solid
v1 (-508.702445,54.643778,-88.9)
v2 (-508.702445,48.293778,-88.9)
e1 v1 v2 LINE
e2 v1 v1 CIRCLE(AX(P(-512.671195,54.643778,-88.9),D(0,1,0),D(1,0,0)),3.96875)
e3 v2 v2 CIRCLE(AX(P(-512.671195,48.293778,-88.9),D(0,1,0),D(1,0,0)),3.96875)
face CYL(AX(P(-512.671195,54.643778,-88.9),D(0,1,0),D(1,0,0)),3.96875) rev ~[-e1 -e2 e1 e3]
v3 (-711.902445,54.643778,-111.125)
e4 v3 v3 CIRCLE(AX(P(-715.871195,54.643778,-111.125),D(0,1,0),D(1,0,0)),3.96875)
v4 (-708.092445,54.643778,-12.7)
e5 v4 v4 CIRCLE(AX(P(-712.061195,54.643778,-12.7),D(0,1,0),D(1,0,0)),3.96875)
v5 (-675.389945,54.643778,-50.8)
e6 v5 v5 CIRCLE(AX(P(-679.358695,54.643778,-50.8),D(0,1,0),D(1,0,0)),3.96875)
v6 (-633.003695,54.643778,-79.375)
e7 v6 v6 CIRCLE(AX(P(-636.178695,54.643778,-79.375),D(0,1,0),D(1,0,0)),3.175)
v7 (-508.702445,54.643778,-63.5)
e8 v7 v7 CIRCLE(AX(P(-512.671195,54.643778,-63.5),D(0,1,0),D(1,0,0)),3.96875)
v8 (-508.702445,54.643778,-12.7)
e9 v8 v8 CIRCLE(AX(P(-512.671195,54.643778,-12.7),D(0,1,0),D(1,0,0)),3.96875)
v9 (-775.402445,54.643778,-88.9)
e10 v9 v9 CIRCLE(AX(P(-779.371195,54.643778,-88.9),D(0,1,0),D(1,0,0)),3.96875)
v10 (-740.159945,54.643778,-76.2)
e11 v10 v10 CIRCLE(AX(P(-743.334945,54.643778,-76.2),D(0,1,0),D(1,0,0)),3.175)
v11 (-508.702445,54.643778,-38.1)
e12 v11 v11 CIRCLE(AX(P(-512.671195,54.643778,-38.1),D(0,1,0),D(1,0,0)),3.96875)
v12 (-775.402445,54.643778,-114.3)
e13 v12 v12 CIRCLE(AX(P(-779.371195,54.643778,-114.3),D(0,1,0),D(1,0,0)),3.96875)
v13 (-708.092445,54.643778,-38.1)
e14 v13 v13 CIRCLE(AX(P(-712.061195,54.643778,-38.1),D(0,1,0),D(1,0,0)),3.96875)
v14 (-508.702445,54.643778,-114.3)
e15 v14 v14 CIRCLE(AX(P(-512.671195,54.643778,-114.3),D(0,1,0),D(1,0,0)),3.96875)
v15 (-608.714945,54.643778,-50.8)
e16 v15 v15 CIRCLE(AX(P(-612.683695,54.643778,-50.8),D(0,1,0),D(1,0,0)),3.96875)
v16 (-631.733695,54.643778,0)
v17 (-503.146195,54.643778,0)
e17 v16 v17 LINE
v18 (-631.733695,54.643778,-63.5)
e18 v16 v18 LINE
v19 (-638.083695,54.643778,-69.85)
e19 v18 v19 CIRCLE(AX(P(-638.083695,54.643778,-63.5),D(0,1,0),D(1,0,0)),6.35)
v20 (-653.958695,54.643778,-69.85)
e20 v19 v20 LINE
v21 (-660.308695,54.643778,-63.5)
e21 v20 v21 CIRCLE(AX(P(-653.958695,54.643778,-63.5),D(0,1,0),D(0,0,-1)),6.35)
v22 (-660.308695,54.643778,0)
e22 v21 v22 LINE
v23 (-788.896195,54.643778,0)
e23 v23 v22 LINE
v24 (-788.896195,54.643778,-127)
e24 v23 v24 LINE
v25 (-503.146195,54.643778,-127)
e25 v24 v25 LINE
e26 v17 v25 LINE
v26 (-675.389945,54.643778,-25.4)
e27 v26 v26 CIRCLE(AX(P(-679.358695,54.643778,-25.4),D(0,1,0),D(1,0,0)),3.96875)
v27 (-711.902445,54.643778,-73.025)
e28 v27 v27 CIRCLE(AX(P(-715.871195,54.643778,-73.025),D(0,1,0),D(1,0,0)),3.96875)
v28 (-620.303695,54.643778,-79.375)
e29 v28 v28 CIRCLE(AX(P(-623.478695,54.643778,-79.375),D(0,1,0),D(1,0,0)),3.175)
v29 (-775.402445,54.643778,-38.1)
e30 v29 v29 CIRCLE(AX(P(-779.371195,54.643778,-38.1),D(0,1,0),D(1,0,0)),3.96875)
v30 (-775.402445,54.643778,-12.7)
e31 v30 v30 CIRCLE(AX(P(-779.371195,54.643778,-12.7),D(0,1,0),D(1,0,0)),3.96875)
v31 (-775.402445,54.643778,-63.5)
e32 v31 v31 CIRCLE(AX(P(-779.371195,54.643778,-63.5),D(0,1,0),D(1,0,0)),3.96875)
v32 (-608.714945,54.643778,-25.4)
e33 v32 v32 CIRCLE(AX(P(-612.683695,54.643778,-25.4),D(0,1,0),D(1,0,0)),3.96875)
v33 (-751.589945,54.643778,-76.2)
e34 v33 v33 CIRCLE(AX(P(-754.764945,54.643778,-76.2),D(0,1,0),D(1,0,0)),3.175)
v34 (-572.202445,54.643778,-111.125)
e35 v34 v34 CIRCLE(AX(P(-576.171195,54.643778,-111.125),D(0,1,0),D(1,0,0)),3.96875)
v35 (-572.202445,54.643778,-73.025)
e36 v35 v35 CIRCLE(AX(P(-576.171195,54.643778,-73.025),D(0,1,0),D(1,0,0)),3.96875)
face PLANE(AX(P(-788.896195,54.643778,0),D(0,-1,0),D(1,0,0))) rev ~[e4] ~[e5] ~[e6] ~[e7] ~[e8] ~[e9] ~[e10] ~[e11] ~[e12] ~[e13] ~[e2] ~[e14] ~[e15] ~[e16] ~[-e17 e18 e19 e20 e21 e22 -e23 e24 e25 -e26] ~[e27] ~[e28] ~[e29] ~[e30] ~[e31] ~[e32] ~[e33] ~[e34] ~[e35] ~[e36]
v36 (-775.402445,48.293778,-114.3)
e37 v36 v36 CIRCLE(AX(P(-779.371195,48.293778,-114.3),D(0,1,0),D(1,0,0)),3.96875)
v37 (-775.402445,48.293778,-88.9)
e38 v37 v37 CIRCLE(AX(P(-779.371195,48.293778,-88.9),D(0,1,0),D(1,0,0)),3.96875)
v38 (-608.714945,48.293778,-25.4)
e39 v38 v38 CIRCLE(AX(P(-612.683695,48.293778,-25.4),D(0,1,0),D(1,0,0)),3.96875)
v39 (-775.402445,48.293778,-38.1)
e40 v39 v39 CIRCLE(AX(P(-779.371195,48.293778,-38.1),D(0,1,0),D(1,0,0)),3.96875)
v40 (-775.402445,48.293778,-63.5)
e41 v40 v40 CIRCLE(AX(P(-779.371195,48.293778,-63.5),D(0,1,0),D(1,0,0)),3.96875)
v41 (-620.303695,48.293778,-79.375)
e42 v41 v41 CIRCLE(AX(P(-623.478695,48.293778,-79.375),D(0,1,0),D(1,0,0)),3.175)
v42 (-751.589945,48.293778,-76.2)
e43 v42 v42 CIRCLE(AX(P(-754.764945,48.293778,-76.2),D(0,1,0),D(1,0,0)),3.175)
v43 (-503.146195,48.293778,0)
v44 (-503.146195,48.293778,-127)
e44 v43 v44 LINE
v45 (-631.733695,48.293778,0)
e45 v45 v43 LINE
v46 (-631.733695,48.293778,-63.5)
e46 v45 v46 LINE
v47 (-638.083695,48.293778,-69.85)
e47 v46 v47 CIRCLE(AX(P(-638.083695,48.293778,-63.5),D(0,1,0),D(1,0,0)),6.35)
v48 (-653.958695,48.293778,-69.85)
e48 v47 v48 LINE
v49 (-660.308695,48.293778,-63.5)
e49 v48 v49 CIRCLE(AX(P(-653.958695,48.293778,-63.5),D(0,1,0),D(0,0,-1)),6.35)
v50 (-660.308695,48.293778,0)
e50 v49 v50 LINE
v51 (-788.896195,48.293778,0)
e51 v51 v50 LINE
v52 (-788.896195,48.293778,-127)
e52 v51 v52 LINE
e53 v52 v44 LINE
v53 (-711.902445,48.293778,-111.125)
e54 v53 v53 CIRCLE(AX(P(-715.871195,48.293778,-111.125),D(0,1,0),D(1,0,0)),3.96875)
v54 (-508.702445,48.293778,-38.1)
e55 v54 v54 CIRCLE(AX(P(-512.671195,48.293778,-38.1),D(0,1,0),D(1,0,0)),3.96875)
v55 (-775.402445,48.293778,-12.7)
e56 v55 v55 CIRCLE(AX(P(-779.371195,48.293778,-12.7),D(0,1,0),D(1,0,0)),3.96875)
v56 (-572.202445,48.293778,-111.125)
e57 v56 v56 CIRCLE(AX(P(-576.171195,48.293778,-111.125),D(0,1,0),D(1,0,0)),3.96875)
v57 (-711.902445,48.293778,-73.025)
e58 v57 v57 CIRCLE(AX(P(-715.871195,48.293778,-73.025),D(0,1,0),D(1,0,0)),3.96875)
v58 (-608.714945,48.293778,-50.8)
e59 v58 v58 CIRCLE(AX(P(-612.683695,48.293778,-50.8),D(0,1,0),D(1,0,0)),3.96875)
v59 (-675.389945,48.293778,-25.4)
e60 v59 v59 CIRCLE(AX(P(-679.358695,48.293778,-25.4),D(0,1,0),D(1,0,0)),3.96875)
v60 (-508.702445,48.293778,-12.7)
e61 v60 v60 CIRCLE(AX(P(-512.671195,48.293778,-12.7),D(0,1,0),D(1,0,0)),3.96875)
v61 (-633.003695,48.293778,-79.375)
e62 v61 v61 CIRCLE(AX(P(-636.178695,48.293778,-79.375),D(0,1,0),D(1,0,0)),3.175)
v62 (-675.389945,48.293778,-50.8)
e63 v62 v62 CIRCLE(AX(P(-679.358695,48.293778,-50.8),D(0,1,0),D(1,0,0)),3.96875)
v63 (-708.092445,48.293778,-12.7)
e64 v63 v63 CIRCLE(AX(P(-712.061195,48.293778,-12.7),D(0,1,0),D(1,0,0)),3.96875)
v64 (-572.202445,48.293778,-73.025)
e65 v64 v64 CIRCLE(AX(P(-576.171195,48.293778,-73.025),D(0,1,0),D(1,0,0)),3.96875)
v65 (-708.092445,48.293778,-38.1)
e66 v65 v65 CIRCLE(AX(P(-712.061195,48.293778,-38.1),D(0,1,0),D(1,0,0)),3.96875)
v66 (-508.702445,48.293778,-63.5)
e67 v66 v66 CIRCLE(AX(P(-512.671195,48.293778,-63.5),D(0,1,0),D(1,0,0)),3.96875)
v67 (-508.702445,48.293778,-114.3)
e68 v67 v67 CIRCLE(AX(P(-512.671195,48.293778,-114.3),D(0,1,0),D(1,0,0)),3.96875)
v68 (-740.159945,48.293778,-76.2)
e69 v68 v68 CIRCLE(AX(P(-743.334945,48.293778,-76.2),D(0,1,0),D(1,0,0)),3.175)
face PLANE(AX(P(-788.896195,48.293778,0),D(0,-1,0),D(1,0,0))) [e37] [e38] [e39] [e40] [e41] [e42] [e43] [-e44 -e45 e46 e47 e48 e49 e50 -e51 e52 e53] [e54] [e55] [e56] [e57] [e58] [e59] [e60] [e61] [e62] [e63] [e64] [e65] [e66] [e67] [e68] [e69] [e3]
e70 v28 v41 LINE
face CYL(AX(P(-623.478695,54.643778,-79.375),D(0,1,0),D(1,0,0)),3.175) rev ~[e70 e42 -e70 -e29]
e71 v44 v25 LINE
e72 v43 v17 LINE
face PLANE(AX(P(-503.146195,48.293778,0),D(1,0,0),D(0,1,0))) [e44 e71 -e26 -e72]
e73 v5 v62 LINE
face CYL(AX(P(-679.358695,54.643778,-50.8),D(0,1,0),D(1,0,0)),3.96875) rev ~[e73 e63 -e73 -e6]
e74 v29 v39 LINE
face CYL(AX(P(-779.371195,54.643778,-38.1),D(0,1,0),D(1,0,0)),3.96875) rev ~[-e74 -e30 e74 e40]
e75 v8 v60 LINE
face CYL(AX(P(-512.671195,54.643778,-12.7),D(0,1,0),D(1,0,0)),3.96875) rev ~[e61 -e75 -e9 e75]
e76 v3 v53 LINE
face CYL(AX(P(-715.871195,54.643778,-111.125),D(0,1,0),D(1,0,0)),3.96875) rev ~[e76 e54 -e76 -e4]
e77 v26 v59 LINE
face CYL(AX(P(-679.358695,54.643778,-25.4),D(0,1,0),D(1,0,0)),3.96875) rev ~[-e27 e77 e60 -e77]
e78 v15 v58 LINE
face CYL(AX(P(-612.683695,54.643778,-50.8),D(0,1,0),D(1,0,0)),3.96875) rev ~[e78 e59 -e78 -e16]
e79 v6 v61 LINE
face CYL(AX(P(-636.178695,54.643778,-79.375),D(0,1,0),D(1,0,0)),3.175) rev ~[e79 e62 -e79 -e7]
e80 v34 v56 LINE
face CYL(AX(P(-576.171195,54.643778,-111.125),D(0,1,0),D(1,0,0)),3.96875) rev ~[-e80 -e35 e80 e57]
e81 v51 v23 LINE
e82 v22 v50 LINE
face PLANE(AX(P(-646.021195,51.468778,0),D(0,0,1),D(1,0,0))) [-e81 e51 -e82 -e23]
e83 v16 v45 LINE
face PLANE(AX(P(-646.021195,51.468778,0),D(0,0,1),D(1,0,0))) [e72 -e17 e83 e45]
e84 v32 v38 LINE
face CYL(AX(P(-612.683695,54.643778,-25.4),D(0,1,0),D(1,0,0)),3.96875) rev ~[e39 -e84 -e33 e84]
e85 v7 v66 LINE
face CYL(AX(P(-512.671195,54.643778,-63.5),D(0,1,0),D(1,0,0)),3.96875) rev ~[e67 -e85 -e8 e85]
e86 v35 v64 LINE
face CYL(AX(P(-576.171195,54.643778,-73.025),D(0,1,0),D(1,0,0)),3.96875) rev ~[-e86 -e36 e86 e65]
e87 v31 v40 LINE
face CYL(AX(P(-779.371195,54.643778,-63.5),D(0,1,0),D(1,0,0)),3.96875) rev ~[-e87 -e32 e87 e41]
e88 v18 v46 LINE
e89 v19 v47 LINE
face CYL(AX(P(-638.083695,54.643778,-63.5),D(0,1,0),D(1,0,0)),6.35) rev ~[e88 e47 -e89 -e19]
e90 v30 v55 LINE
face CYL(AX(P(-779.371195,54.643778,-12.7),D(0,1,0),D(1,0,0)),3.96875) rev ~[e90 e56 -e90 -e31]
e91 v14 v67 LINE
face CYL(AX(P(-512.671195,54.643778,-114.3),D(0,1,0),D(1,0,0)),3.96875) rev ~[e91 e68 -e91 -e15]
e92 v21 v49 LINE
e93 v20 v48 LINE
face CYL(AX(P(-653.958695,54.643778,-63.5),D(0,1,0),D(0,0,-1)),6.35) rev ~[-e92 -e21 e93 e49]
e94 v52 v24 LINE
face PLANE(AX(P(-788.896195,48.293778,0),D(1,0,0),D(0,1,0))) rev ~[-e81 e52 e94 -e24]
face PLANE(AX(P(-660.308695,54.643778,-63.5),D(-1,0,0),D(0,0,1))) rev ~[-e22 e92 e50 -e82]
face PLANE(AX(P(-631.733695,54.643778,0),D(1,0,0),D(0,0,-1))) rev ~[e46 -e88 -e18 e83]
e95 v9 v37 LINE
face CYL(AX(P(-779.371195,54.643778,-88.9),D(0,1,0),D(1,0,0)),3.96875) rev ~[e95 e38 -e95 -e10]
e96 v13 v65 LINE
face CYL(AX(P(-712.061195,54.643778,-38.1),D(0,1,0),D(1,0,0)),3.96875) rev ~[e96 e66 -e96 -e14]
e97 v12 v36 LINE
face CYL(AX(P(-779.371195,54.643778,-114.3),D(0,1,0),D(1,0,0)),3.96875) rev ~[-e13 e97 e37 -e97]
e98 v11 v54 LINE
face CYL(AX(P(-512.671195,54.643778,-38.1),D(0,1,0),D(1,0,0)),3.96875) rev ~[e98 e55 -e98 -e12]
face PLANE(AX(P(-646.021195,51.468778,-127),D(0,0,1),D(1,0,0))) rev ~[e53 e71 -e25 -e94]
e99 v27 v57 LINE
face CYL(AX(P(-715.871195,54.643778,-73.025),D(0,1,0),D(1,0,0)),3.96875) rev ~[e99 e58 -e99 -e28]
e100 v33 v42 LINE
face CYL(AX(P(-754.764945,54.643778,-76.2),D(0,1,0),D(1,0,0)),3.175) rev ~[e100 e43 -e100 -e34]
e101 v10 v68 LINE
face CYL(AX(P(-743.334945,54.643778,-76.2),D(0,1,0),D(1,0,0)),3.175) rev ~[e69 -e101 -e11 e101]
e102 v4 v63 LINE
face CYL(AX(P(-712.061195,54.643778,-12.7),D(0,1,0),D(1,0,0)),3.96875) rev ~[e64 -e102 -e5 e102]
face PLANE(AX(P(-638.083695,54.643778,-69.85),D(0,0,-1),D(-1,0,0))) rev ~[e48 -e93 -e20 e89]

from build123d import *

# Parameters (mm, degrees)
SKETCH2_W            = 285.75
SKETCH2_H            = 6.35
STOCK_DEPTH          = 127
PEDAL_OPENINGS_DEPTH = 6.35
DRILLED_HOLES_REACH  = 8.35
SKETCH5_R            = 3.96875
SKETCH5_R_2          = 3.175


with BuildPart() as part:
    # Sketch2 → Stock (new body)
    with BuildSketch(Plane.XY):
        with Locations((-646.021194965, 51.468778461)):
            Rectangle(SKETCH2_W, SKETCH2_H)
    extrude(amount=-STOCK_DEPTH)

    # Sketch3 → Pedal Openings (cut)
    with BuildSketch(Plane(origin=(0, 54.643778461, 0), x_dir=(1, 0, 0), z_dir=(0, 1, 0))):
        with BuildLine():
            Line((-638.083694965, 69.85), (-653.958694965, 69.85))
            ThreePointArc((-653.958694965, 69.85), (-658.448823025, 67.990128061), (-660.308694965, 63.5))
            Line((-660.308694965, 63.5), (-660.308694965, 0))
            Line((-660.308694965, 0), (-631.733694965, 0))
            Line((-631.733694965, 0), (-631.733694965, 63.5))
            ThreePointArc((-631.733694965, 63.5), (-633.593566904, 67.990128061), (-638.083694965, 69.85))
        make_face()
    extrude(amount=-PEDAL_OPENINGS_DEPTH, mode=Mode.SUBTRACT)

    # Sketch5 → Drilled Holes (cut, up to next)
    with BuildSketch(Plane(origin=(0, 54.643778461, 0), x_dir=(1, 0, 0), z_dir=(0, 1, 0)), mode=Mode.PRIVATE) as drilled_holes_sk1:
        with Locations((-612.683694965, 25.4)):
            Circle(SKETCH5_R)
    drilled_holes_tool1 = extrude(drilled_holes_sk1.sketch, amount=-DRILLED_HOLES_REACH, mode=Mode.PRIVATE) & part.part
    add(drilled_holes_tool1.solids().sort_by_distance((-612.683695, 54.643778, -25.4))[0], mode=Mode.SUBTRACT)
    # Sketch5 → Drilled Holes (cut, up to next)
    with BuildSketch(Plane(origin=(0, 54.643778461, 0), x_dir=(1, 0, 0), z_dir=(0, 1, 0)), mode=Mode.PRIVATE) as drilled_holes_sk2:
        with Locations((-612.683694965, 50.8)):
            Circle(SKETCH5_R)
    drilled_holes_tool2 = extrude(drilled_holes_sk2.sketch, amount=-DRILLED_HOLES_REACH, mode=Mode.PRIVATE) & part.part
    add(drilled_holes_tool2.solids().sort_by_distance((-612.683695, 54.643778, -50.8))[0], mode=Mode.SUBTRACT)
    # Sketch5 → Drilled Holes (cut, up to next)
    with BuildSketch(Plane(origin=(0, 54.643778461, 0), x_dir=(1, 0, 0), z_dir=(0, 1, 0)), mode=Mode.PRIVATE) as drilled_holes_sk3:
        with Locations((-679.358694965, 50.8)):
            Circle(SKETCH5_R)
    drilled_holes_tool3 = extrude(drilled_holes_sk3.sketch, amount=-DRILLED_HOLES_REACH, mode=Mode.PRIVATE) & part.part
    add(drilled_holes_tool3.solids().sort_by_distance((-679.358695, 54.643778, -50.8))[0], mode=Mode.SUBTRACT)
    # Sketch5 → Drilled Holes (cut, up to next)
    with BuildSketch(Plane(origin=(0, 54.643778461, 0), x_dir=(1, 0, 0), z_dir=(0, 1, 0)), mode=Mode.PRIVATE) as drilled_holes_sk4:
        with Locations((-679.358694965, 25.4)):
            Circle(SKETCH5_R)
    drilled_holes_tool4 = extrude(drilled_holes_sk4.sketch, amount=-DRILLED_HOLES_REACH, mode=Mode.PRIVATE) & part.part
    add(drilled_holes_tool4.solids().sort_by_distance((-679.358695, 54.643778, -25.4))[0], mode=Mode.SUBTRACT)
    # Sketch5 → Drilled Holes (cut, up to next)
    with BuildSketch(Plane(origin=(0, 54.643778461, 0), x_dir=(1, 0, 0), z_dir=(0, 1, 0)), mode=Mode.PRIVATE) as drilled_holes_sk5:
        with Locations((-712.061194965, 12.7)):
            Circle(SKETCH5_R)
    drilled_holes_tool5 = extrude(drilled_holes_sk5.sketch, amount=-DRILLED_HOLES_REACH, mode=Mode.PRIVATE) & part.part
    add(drilled_holes_tool5.solids().sort_by_distance((-712.061195, 54.643778, -12.7))[0], mode=Mode.SUBTRACT)
    # Sketch5 → Drilled Holes (cut, up to next)
    with BuildSketch(Plane(origin=(0, 54.643778461, 0), x_dir=(1, 0, 0), z_dir=(0, 1, 0)), mode=Mode.PRIVATE) as drilled_holes_sk6:
        with Locations((-712.061194965, 38.1)):
            Circle(SKETCH5_R)
    drilled_holes_tool6 = extrude(drilled_holes_sk6.sketch, amount=-DRILLED_HOLES_REACH, mode=Mode.PRIVATE) & part.part
    add(drilled_holes_tool6.solids().sort_by_distance((-712.061195, 54.643778, -38.1))[0], mode=Mode.SUBTRACT)
    # Sketch5 → Drilled Holes (cut, up to next)
    with BuildSketch(Plane(origin=(0, 54.643778461, 0), x_dir=(1, 0, 0), z_dir=(0, 1, 0)), mode=Mode.PRIVATE) as drilled_holes_sk7:
        with Locations((-512.671194965, 12.7)):
            Circle(SKETCH5_R)
    drilled_holes_tool7 = extrude(drilled_holes_sk7.sketch, amount=-DRILLED_HOLES_REACH, mode=Mode.PRIVATE) & part.part
    add(drilled_holes_tool7.solids().sort_by_distance((-512.671195, 54.643778, -12.7))[0], mode=Mode.SUBTRACT)
    # Sketch5 → Drilled Holes (cut, up to next)
    with BuildSketch(Plane(origin=(0, 54.643778461, 0), x_dir=(1, 0, 0), z_dir=(0, 1, 0)), mode=Mode.PRIVATE) as drilled_holes_sk8:
        with Locations((-512.671194965, 38.1)):
            Circle(SKETCH5_R)
    drilled_holes_tool8 = extrude(drilled_holes_sk8.sketch, amount=-DRILLED_HOLES_REACH, mode=Mode.PRIVATE) & part.part
    add(drilled_holes_tool8.solids().sort_by_distance((-512.671195, 54.643778, -38.1))[0], mode=Mode.SUBTRACT)
    # Sketch5 → Drilled Holes (cut, up to next)
    with BuildSketch(Plane(origin=(0, 54.643778461, 0), x_dir=(1, 0, 0), z_dir=(0, 1, 0)), mode=Mode.PRIVATE) as drilled_holes_sk9:
        with Locations((-512.671194965, 63.5)):
            Circle(SKETCH5_R)
    drilled_holes_tool9 = extrude(drilled_holes_sk9.sketch, amount=-DRILLED_HOLES_REACH, mode=Mode.PRIVATE) & part.part
    add(drilled_holes_tool9.solids().sort_by_distance((-512.671195, 54.643778, -63.5))[0], mode=Mode.SUBTRACT)
    # Sketch5 → Drilled Holes (cut, up to next)
    with BuildSketch(Plane(origin=(0, 54.643778461, 0), x_dir=(1, 0, 0), z_dir=(0, 1, 0)), mode=Mode.PRIVATE) as drilled_holes_sk10:
        with Locations((-512.671194965, 88.9)):
            Circle(SKETCH5_R)
    drilled_holes_tool10 = extrude(drilled_holes_sk10.sketch, amount=-DRILLED_HOLES_REACH, mode=Mode.PRIVATE) & part.part
    add(drilled_holes_tool10.solids().sort_by_distance((-512.671195, 54.643778, -88.9))[0], mode=Mode.SUBTRACT)
    # Sketch5 → Drilled Holes (cut, up to next)
    with BuildSketch(Plane(origin=(0, 54.643778461, 0), x_dir=(1, 0, 0), z_dir=(0, 1, 0)), mode=Mode.PRIVATE) as drilled_holes_sk11:
        with Locations((-512.671194965, 114.3)):
            Circle(SKETCH5_R)
    drilled_holes_tool11 = extrude(drilled_holes_sk11.sketch, amount=-DRILLED_HOLES_REACH, mode=Mode.PRIVATE) & part.part
    add(drilled_holes_tool11.solids().sort_by_distance((-512.671195, 54.643778, -114.3))[0], mode=Mode.SUBTRACT)
    # Sketch5 → Drilled Holes (cut, up to next)
    with BuildSketch(Plane(origin=(0, 54.643778461, 0), x_dir=(1, 0, 0), z_dir=(0, 1, 0)), mode=Mode.PRIVATE) as drilled_holes_sk12:
        with Locations((-779.371194965, 88.9)):
            Circle(SKETCH5_R)
    drilled_holes_tool12 = extrude(drilled_holes_sk12.sketch, amount=-DRILLED_HOLES_REACH, mode=Mode.PRIVATE) & part.part
    add(drilled_holes_tool12.solids().sort_by_distance((-779.371195, 54.643778, -88.9))[0], mode=Mode.SUBTRACT)
    # Sketch5 → Drilled Holes (cut, up to next)
    with BuildSketch(Plane(origin=(0, 54.643778461, 0), x_dir=(1, 0, 0), z_dir=(0, 1, 0)), mode=Mode.PRIVATE) as drilled_holes_sk13:
        with Locations((-779.371194965, 114.3)):
            Circle(SKETCH5_R)
    drilled_holes_tool13 = extrude(drilled_holes_sk13.sketch, amount=-DRILLED_HOLES_REACH, mode=Mode.PRIVATE) & part.part
    add(drilled_holes_tool13.solids().sort_by_distance((-779.371195, 54.643778, -114.3))[0], mode=Mode.SUBTRACT)
    # Sketch5 → Drilled Holes (cut, up to next)
    with BuildSketch(Plane(origin=(0, 54.643778461, 0), x_dir=(1, 0, 0), z_dir=(0, 1, 0)), mode=Mode.PRIVATE) as drilled_holes_sk14:
        with Locations((-779.371194965, 63.5)):
            Circle(SKETCH5_R)
    drilled_holes_tool14 = extrude(drilled_holes_sk14.sketch, amount=-DRILLED_HOLES_REACH, mode=Mode.PRIVATE) & part.part
    add(drilled_holes_tool14.solids().sort_by_distance((-779.371195, 54.643778, -63.5))[0], mode=Mode.SUBTRACT)
    # Sketch5 → Drilled Holes (cut, up to next)
    with BuildSketch(Plane(origin=(0, 54.643778461, 0), x_dir=(1, 0, 0), z_dir=(0, 1, 0)), mode=Mode.PRIVATE) as drilled_holes_sk15:
        with Locations((-779.371194965, 38.1)):
            Circle(SKETCH5_R)
    drilled_holes_tool15 = extrude(drilled_holes_sk15.sketch, amount=-DRILLED_HOLES_REACH, mode=Mode.PRIVATE) & part.part
    add(drilled_holes_tool15.solids().sort_by_distance((-779.371195, 54.643778, -38.1))[0], mode=Mode.SUBTRACT)
    # Sketch5 → Drilled Holes (cut, up to next)
    with BuildSketch(Plane(origin=(0, 54.643778461, 0), x_dir=(1, 0, 0), z_dir=(0, 1, 0)), mode=Mode.PRIVATE) as drilled_holes_sk16:
        with Locations((-779.371194965, 12.7)):
            Circle(SKETCH5_R)
    drilled_holes_tool16 = extrude(drilled_holes_sk16.sketch, amount=-DRILLED_HOLES_REACH, mode=Mode.PRIVATE) & part.part
    add(drilled_holes_tool16.solids().sort_by_distance((-779.371195, 54.643778, -12.7))[0], mode=Mode.SUBTRACT)
    # Sketch5 → Drilled Holes (cut, up to next)
    with BuildSketch(Plane(origin=(0, 54.643778461, 0), x_dir=(1, 0, 0), z_dir=(0, 1, 0)), mode=Mode.PRIVATE) as drilled_holes_sk17:
        with Locations((-576.171194965, 73.025)):
            Circle(SKETCH5_R)
    drilled_holes_tool17 = extrude(drilled_holes_sk17.sketch, amount=-DRILLED_HOLES_REACH, mode=Mode.PRIVATE) & part.part
    add(drilled_holes_tool17.solids().sort_by_distance((-576.171195, 54.643778, -73.025))[0], mode=Mode.SUBTRACT)
    # Sketch5 → Drilled Holes (cut, up to next)
    with BuildSketch(Plane(origin=(0, 54.643778461, 0), x_dir=(1, 0, 0), z_dir=(0, 1, 0)), mode=Mode.PRIVATE) as drilled_holes_sk18:
        with Locations((-576.171194965, 111.125)):
            Circle(SKETCH5_R)
    drilled_holes_tool18 = extrude(drilled_holes_sk18.sketch, amount=-DRILLED_HOLES_REACH, mode=Mode.PRIVATE) & part.part
    add(drilled_holes_tool18.solids().sort_by_distance((-576.171195, 54.643778, -111.125))[0], mode=Mode.SUBTRACT)
    # Sketch5 → Drilled Holes (cut, up to next)
    with BuildSketch(Plane(origin=(0, 54.643778461, 0), x_dir=(1, 0, 0), z_dir=(0, 1, 0)), mode=Mode.PRIVATE) as drilled_holes_sk19:
        with Locations((-715.871194965, 111.125)):
            Circle(SKETCH5_R)
    drilled_holes_tool19 = extrude(drilled_holes_sk19.sketch, amount=-DRILLED_HOLES_REACH, mode=Mode.PRIVATE) & part.part
    add(drilled_holes_tool19.solids().sort_by_distance((-715.871195, 54.643778, -111.125))[0], mode=Mode.SUBTRACT)
    # Sketch5 → Drilled Holes (cut, up to next)
    with BuildSketch(Plane(origin=(0, 54.643778461, 0), x_dir=(1, 0, 0), z_dir=(0, 1, 0)), mode=Mode.PRIVATE) as drilled_holes_sk20:
        with Locations((-715.871194965, 73.025)):
            Circle(SKETCH5_R)
    drilled_holes_tool20 = extrude(drilled_holes_sk20.sketch, amount=-DRILLED_HOLES_REACH, mode=Mode.PRIVATE) & part.part
    add(drilled_holes_tool20.solids().sort_by_distance((-715.871195, 54.643778, -73.025))[0], mode=Mode.SUBTRACT)
    # Sketch5 → Drilled Holes (cut, up to next)
    with BuildSketch(Plane(origin=(0, 54.643778461, 0), x_dir=(1, 0, 0), z_dir=(0, 1, 0)), mode=Mode.PRIVATE) as drilled_holes_sk21:
        with Locations((-754.764944965, 76.2)):
            Circle(SKETCH5_R_2)
    drilled_holes_tool21 = extrude(drilled_holes_sk21.sketch, amount=-DRILLED_HOLES_REACH, mode=Mode.PRIVATE) & part.part
    add(drilled_holes_tool21.solids().sort_by_distance((-754.764945, 54.643778, -76.2))[0], mode=Mode.SUBTRACT)
    # Sketch5 → Drilled Holes (cut, up to next)
    with BuildSketch(Plane(origin=(0, 54.643778461, 0), x_dir=(1, 0, 0), z_dir=(0, 1, 0)), mode=Mode.PRIVATE) as drilled_holes_sk22:
        with Locations((-743.334944965, 76.2)):
            Circle(SKETCH5_R_2)
    drilled_holes_tool22 = extrude(drilled_holes_sk22.sketch, amount=-DRILLED_HOLES_REACH, mode=Mode.PRIVATE) & part.part
    add(drilled_holes_tool22.solids().sort_by_distance((-743.334945, 54.643778, -76.2))[0], mode=Mode.SUBTRACT)
    # Sketch5 → Drilled Holes (cut, up to next)
    with BuildSketch(Plane(origin=(0, 54.643778461, 0), x_dir=(1, 0, 0), z_dir=(0, 1, 0)), mode=Mode.PRIVATE) as drilled_holes_sk23:
        with Locations((-636.178694965, 79.375)):
            Circle(SKETCH5_R_2)
    drilled_holes_tool23 = extrude(drilled_holes_sk23.sketch, amount=-DRILLED_HOLES_REACH, mode=Mode.PRIVATE) & part.part
    add(drilled_holes_tool23.solids().sort_by_distance((-636.178695, 54.643778, -79.375))[0], mode=Mode.SUBTRACT)
    # Sketch5 → Drilled Holes (cut, up to next)
    with BuildSketch(Plane(origin=(0, 54.643778461, 0), x_dir=(1, 0, 0), z_dir=(0, 1, 0)), mode=Mode.PRIVATE) as drilled_holes_sk24:
        with Locations((-623.478694965, 79.375)):
            Circle(SKETCH5_R_2)
    drilled_holes_tool24 = extrude(drilled_holes_sk24.sketch, amount=-DRILLED_HOLES_REACH, mode=Mode.PRIVATE) & part.part
    add(drilled_holes_tool24.solids().sort_by_distance((-623.478695, 54.643778, -79.375))[0], mode=Mode.SUBTRACT)


solid = part.part
